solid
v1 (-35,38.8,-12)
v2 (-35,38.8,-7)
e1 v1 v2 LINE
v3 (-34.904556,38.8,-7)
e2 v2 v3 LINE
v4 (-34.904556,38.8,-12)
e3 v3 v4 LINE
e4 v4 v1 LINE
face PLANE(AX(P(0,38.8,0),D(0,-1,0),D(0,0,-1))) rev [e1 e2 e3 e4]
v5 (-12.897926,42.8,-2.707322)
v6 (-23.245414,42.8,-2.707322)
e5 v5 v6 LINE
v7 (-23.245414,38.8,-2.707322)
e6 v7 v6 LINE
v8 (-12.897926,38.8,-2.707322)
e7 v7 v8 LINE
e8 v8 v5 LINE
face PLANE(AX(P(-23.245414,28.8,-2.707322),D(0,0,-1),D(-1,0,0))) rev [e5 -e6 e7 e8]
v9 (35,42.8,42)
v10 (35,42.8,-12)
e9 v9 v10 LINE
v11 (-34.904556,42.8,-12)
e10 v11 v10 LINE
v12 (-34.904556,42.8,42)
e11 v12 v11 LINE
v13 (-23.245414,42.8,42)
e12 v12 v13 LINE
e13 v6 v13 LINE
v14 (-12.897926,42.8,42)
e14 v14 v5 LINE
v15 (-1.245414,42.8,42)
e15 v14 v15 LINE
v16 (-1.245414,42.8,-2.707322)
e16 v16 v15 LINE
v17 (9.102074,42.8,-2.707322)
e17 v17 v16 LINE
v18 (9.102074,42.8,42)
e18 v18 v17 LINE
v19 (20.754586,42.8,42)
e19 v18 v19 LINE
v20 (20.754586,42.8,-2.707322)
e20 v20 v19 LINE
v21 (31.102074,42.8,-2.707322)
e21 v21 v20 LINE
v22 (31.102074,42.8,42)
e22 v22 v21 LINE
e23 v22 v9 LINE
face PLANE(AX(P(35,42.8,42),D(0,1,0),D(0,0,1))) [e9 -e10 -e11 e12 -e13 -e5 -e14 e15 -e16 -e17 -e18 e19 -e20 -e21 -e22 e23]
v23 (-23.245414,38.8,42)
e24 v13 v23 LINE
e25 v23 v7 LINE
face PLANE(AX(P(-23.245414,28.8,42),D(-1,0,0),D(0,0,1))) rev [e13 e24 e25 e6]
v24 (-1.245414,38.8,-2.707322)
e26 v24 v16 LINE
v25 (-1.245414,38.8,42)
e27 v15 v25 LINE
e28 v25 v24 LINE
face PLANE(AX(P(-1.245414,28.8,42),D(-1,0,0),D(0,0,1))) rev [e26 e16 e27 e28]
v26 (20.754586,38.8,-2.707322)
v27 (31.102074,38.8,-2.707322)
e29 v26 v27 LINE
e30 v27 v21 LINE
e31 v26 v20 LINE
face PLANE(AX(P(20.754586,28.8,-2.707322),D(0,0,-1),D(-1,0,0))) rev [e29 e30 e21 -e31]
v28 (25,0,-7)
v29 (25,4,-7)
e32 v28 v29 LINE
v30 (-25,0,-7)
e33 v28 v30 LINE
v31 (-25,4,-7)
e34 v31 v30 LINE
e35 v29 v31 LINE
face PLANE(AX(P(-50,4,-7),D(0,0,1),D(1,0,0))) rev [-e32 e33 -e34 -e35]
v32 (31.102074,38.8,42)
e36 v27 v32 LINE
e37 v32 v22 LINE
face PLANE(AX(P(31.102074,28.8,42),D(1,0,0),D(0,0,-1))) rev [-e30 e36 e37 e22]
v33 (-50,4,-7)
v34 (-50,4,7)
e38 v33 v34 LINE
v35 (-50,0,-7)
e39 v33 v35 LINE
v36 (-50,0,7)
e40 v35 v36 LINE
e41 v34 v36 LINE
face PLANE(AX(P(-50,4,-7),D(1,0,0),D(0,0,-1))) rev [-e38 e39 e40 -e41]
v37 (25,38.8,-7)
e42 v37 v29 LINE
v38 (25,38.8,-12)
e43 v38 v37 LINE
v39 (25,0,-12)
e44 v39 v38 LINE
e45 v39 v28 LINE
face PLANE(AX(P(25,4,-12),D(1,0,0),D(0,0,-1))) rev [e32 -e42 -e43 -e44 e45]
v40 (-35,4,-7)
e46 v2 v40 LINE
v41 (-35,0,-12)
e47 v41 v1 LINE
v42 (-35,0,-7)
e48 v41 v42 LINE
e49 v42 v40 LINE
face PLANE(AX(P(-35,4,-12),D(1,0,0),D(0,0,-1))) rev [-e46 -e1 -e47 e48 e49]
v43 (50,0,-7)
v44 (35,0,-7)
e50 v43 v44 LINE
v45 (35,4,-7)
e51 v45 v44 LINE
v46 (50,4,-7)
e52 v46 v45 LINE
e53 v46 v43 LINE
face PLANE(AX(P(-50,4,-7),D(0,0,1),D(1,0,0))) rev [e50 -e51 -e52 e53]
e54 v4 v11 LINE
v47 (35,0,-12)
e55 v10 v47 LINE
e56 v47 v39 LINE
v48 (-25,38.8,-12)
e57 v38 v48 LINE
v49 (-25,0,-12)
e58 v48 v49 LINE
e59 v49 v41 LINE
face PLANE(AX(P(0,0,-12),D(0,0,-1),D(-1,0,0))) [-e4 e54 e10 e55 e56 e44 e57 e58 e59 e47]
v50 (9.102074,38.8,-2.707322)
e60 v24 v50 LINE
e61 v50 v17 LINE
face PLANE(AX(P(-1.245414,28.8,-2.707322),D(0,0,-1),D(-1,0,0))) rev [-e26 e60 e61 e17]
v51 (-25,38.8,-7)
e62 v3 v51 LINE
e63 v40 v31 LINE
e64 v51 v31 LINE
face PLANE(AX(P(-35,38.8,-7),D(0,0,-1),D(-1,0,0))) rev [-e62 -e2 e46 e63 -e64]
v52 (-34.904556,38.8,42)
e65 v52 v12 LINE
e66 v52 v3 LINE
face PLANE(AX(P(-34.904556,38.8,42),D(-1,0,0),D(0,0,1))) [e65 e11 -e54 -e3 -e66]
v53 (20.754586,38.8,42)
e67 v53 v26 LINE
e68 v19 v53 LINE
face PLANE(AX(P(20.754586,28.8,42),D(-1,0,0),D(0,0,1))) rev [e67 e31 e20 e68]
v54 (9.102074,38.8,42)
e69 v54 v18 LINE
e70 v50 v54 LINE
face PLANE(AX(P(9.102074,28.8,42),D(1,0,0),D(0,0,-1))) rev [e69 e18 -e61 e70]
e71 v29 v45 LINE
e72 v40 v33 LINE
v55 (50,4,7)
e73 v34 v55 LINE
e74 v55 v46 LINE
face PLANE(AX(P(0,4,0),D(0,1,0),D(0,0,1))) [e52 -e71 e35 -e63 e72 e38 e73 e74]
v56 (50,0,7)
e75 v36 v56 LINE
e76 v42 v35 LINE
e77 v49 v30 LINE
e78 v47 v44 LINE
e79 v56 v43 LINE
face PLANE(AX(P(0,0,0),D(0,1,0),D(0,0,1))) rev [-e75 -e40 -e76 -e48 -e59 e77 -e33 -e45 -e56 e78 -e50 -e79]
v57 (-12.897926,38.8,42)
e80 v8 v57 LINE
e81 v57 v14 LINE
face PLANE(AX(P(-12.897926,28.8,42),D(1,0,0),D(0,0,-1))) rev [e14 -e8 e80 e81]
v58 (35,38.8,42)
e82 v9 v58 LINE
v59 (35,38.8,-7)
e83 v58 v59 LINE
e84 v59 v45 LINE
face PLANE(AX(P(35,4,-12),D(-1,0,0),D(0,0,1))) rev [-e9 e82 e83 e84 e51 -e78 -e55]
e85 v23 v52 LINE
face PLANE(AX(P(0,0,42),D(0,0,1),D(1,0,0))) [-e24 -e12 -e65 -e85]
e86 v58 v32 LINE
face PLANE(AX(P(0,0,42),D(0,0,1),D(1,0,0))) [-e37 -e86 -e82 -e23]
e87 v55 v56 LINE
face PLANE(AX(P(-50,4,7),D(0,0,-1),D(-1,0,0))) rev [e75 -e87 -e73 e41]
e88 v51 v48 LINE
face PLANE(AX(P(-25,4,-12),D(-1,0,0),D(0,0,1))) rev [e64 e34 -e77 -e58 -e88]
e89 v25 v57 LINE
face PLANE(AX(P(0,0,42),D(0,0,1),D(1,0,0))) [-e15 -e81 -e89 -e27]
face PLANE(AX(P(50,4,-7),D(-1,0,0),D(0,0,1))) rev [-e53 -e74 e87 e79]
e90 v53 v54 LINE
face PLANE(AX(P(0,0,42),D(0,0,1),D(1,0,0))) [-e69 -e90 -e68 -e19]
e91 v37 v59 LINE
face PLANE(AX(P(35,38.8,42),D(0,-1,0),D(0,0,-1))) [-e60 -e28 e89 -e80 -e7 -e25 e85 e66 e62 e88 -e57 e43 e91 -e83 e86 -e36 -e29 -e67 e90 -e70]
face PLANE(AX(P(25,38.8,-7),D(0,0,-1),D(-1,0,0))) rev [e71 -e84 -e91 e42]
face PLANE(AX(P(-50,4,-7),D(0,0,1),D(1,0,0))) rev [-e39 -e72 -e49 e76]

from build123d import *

# Parameters (mm, degrees)
SKETCH2_W           = 100
SKETCH2_H           = 14
BOSS_EXTRUDE1_DEPTH = 4
SKETCH3_W           = 10
SKETCH3_H           = 4
BOSS_EXTRUDE2_DEPTH = 5
SKETCH4_W           = 10
SKETCH4_H           = 5
BOSS_EXTRUDE3_DEPTH = 34.8
SKETCH5_W           = 69.90455619
SKETCH5_H           = 4
BOSS_EXTRUDE4_DEPTH = 54
SKETCH6_W           = 10.347488473
SKETCH6_H           = 44.707321825
CUT_EXTRUDE1_DEPTH  = 14


with BuildPart() as part:
    # Sketch2 → Boss-Extrude1 (new body)
    with BuildSketch(Plane(origin=(0, 0, 0), x_dir=(1, 0, 0), z_dir=(0, 1, 0))):
        Rectangle(SKETCH2_W, SKETCH2_H)
    extrude(amount=BOSS_EXTRUDE1_DEPTH)

    # Sketch3 → Boss-Extrude2 (add)
    with BuildSketch(Plane(origin=(0, 0, -7), x_dir=(-1, 0, 0), z_dir=(0, 0, -1))):
        with Locations((-30, 2)):
            Rectangle(SKETCH3_W, SKETCH3_H)
        with Locations((30, 2)):
            Rectangle(SKETCH3_W, SKETCH3_H)
    extrude(amount=BOSS_EXTRUDE2_DEPTH)

    # Sketch4 → Boss-Extrude3 (add)
    with BuildSketch(Plane(origin=(0, 4, 0), x_dir=(1, 0, 0), z_dir=(0, 1, 0))):
        with Locations((-30, 9.5)):
            Rectangle(SKETCH4_W, SKETCH4_H)
        with Locations((30, 9.5)):
            Rectangle(SKETCH4_W, SKETCH4_H)
    extrude(amount=BOSS_EXTRUDE3_DEPTH)

    # Sketch5 → Boss-Extrude4 (add)
    with BuildSketch(Plane(origin=(0, 0, -12), x_dir=(-1, 0, 0), z_dir=(0, 0, -1))):
        with Locations((-0.047721905, 40.8)):
            Rectangle(SKETCH5_W, SKETCH5_H)
    extrude(amount=-BOSS_EXTRUDE4_DEPTH)

    # Sketch6 → Cut-Extrude1 (cut)
    with BuildSketch(Plane(origin=(0, 42.8, 0), x_dir=(1, 0, 0), z_dir=(0, 1, 0))):
        with Locations((-18.071670011, -19.646339087)):
            Rectangle(SKETCH6_W, SKETCH6_H)
        with Locations((3.92832999, -19.646339087)):
            Rectangle(SKETCH6_W, SKETCH6_H)
        with Locations((25.928329989, -19.646339087)):
            Rectangle(SKETCH6_W, SKETCH6_H)
    extrude(amount=-CUT_EXTRUDE1_DEPTH, mode=Mode.SUBTRACT)


solid = part.part
